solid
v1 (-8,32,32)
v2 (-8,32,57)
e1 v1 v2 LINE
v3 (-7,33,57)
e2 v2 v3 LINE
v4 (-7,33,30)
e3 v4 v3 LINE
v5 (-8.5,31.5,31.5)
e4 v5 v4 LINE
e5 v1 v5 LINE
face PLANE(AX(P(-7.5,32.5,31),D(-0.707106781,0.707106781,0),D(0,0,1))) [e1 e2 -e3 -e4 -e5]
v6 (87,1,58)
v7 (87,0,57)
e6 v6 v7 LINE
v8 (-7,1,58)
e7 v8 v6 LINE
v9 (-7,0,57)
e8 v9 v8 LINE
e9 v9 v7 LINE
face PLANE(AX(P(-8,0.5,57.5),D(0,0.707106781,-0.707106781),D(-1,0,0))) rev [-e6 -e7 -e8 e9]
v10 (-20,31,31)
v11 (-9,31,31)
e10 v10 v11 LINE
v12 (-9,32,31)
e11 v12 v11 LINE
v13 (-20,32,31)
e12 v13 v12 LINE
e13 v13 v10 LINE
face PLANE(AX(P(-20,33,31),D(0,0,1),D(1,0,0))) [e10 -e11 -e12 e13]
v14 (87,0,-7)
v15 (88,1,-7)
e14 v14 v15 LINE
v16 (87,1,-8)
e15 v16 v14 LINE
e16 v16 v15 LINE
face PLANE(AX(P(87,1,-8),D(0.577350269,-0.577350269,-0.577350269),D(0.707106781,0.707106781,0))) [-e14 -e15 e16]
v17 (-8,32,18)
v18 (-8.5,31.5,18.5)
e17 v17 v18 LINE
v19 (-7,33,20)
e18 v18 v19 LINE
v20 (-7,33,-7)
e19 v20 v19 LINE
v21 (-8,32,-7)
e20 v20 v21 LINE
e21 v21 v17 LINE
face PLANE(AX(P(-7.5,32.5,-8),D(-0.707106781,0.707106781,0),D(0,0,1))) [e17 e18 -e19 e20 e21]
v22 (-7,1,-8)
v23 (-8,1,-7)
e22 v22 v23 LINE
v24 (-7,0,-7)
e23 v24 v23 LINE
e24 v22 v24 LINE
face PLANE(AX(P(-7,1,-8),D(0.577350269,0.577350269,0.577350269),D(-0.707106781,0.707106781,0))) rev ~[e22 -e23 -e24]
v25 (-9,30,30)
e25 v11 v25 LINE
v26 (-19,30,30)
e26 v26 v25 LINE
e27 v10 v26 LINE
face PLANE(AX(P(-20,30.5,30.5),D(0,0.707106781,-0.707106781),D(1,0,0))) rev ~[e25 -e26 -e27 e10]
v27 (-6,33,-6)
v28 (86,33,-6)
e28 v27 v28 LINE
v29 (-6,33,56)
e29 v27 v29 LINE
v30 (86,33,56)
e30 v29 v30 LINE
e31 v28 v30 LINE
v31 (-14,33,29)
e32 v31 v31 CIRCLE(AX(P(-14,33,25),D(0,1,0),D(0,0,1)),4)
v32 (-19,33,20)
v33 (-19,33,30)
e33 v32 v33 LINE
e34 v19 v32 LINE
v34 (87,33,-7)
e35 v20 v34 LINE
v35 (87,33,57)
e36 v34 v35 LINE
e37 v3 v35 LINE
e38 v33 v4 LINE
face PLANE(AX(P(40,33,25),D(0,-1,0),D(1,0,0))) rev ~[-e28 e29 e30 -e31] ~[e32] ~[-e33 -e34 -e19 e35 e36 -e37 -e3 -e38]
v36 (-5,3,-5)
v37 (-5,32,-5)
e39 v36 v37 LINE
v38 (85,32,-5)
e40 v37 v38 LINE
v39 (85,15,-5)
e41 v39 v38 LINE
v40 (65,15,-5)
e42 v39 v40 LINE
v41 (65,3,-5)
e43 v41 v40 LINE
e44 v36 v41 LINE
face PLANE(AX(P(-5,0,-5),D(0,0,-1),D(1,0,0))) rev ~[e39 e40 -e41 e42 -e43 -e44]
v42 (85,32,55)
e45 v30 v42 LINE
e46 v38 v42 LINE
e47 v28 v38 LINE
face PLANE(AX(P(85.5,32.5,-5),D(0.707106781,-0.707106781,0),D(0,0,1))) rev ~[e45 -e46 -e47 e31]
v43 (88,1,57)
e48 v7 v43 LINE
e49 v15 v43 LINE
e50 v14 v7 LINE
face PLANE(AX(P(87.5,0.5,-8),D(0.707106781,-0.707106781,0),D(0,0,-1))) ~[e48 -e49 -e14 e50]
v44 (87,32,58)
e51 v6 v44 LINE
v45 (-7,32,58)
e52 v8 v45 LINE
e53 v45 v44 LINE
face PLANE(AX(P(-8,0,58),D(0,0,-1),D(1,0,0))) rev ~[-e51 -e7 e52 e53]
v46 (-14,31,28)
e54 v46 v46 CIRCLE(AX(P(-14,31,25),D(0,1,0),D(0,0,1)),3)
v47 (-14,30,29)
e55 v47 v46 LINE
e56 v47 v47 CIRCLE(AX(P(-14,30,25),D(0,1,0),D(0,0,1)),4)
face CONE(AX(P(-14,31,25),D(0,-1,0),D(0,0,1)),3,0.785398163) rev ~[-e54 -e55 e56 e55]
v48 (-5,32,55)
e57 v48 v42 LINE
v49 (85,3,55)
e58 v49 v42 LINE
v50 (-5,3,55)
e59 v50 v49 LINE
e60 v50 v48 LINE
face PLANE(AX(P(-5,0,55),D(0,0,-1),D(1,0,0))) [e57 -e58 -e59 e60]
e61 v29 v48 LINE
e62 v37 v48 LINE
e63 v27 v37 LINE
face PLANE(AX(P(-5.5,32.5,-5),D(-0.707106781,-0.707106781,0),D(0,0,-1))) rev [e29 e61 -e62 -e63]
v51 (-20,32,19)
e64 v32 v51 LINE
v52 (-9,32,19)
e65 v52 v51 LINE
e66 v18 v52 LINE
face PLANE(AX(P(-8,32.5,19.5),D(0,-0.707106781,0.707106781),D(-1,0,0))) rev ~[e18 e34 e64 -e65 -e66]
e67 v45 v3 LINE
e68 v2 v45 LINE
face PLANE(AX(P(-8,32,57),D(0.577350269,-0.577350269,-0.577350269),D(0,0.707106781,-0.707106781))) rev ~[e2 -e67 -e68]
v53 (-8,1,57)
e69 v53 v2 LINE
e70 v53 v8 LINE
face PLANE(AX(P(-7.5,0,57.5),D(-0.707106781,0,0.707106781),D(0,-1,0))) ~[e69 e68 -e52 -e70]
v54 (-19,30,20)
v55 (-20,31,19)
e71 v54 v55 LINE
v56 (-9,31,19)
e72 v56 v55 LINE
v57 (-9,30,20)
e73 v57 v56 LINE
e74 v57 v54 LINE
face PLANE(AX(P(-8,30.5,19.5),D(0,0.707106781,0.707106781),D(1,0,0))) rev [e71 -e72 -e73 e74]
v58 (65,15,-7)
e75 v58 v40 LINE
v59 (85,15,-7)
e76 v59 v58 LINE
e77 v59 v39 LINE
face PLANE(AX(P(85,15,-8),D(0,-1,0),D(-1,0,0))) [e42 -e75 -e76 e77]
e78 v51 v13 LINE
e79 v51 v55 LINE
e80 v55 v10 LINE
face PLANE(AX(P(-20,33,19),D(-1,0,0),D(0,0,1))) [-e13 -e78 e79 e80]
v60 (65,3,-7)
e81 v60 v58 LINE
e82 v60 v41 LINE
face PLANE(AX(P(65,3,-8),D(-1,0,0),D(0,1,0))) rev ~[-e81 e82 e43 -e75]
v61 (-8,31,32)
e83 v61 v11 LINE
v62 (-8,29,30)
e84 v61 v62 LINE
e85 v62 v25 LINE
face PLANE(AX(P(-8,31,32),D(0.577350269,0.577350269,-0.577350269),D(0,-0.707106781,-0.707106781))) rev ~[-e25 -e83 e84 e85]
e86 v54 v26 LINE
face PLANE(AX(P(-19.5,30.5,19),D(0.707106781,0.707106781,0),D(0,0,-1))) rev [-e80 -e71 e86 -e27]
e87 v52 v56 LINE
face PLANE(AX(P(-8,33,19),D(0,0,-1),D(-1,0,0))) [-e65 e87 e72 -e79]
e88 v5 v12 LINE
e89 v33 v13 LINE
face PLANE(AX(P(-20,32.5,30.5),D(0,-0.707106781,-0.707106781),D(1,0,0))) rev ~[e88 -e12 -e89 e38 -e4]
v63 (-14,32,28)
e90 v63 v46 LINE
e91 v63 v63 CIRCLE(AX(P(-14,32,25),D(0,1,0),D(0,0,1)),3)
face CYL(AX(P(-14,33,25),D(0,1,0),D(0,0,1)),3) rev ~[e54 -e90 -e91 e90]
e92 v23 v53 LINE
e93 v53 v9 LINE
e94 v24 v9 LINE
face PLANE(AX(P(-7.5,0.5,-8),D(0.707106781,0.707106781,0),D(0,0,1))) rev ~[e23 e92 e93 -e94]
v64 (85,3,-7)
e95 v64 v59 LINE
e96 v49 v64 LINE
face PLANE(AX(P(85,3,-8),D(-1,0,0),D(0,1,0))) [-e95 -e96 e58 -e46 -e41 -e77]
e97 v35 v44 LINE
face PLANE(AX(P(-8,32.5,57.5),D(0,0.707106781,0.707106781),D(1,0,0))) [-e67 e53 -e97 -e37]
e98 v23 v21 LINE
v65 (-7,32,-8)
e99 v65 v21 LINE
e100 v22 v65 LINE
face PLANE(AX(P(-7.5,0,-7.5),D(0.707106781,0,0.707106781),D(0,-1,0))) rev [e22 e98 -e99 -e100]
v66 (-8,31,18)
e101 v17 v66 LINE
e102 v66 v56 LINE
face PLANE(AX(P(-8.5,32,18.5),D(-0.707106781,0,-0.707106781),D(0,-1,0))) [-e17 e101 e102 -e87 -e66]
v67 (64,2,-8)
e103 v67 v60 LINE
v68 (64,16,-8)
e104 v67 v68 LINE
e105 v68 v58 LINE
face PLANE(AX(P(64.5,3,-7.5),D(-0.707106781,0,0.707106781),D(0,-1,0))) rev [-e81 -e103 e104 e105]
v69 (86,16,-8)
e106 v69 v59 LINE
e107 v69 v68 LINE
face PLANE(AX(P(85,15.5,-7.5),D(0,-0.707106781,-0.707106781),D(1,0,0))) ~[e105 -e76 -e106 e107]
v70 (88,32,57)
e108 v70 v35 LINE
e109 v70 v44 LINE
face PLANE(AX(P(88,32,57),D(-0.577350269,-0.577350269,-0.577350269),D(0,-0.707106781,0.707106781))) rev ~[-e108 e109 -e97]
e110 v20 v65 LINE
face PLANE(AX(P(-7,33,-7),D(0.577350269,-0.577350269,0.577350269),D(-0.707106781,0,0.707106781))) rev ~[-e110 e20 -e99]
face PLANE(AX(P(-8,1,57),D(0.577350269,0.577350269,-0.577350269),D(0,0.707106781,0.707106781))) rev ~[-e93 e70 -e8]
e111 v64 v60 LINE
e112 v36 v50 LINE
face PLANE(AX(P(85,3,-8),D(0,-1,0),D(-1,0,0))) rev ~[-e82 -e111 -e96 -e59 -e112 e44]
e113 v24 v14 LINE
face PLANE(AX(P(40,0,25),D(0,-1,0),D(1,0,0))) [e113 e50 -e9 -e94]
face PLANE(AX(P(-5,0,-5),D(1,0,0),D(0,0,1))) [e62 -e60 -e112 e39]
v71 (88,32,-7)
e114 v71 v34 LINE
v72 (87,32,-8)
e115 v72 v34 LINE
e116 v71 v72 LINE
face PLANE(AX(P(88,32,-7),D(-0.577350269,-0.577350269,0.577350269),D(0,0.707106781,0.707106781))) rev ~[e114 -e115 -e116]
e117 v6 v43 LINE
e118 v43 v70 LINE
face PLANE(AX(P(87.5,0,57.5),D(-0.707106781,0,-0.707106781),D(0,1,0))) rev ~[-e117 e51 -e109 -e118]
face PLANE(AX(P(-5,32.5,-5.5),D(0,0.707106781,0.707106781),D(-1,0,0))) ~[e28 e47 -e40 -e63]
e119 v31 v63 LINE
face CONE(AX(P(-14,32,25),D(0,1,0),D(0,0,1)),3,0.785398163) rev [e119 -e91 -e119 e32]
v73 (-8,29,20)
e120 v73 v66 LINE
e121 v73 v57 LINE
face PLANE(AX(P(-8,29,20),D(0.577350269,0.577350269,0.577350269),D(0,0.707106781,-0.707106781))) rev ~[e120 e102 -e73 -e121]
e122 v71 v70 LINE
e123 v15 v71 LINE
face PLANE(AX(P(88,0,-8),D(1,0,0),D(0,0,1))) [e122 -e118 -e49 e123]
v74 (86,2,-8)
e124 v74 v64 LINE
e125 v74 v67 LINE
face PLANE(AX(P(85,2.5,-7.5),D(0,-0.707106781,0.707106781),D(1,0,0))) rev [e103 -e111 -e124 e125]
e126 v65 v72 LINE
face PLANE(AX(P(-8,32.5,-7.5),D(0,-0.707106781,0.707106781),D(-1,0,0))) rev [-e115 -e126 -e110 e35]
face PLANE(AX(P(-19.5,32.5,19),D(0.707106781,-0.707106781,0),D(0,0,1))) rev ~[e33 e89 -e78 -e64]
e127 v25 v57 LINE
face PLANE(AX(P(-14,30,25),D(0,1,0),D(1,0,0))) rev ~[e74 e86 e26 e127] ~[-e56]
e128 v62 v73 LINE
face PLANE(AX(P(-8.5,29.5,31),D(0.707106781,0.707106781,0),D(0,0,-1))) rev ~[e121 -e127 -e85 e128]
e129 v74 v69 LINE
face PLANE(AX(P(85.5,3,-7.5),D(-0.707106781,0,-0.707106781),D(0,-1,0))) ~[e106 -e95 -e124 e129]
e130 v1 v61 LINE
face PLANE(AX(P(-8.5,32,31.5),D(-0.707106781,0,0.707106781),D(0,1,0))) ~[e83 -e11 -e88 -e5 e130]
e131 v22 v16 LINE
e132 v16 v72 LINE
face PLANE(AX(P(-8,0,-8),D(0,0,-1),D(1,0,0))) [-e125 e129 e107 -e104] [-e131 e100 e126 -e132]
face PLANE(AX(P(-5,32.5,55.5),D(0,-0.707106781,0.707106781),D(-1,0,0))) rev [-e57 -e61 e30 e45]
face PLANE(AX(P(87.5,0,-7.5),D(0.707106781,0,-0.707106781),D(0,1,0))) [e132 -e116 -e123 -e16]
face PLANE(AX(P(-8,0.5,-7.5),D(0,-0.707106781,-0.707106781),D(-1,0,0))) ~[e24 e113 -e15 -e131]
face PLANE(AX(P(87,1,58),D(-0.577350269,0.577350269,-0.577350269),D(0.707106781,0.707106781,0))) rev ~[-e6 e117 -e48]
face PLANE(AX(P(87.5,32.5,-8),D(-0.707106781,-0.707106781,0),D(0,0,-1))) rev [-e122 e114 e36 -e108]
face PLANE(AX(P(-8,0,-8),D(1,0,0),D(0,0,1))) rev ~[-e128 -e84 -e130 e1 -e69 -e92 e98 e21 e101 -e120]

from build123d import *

# Parameters (mm, degrees)
SKETCH_1_W          = 80
SKETCH_1_H          = 50
EXTRUDE_1_DEPTH     = 3
SKETCH_2_W          = 90
SKETCH_2_H          = 60
SKETCH_2_W_2        = 80
SKETCH_2_H_2        = 50
EXTRUDE_3_DEPTH     = 3
SKETCH_2_3_W        = 96
SKETCH_2_3_H        = 66
SKETCH_2_3_W_2      = 90
SKETCH_2_3_H_2      = 60
EXTRUDE_4_DEPTH     = 33
SKETCH_3_W          = 20
SKETCH_3_H          = 12
CUT_EXTRUDE_1_DEPTH = 10
SKETCH_4_R          = 3
EXTRUDE_5_DEPTH     = 3
CHAMFER_1_SIZE      = 1
CHAMFER_2_SIZE      = 1


with BuildPart() as part:
    # 草图1 → 凸台-拉伸1 (new body)
    with BuildSketch(Plane(origin=(0, 0, 0), x_dir=(1, 0, 0), z_dir=(0, 1, 0))):
        with Locations((40, -25)):
            Rectangle(SKETCH_1_W, SKETCH_1_H)
    extrude(amount=EXTRUDE_1_DEPTH)

    # 草图2 → 凸台-拉伸3 (add)
    with BuildSketch(Plane.XZ):
        with Locations((40, 25)):
            Rectangle(SKETCH_2_W, SKETCH_2_H)
        with Locations((40, 25)):
            Rectangle(SKETCH_2_W_2, SKETCH_2_H_2, mode=Mode.SUBTRACT)
    extrude(amount=-EXTRUDE_3_DEPTH)

    # 草图2<3> → 凸台-拉伸4 (add)
    with BuildSketch(Plane.XZ):
        with Locations((40, 25)):
            Rectangle(SKETCH_2_3_W, SKETCH_2_3_H)
        with Locations((40, 25)):
            Rectangle(SKETCH_2_3_W_2, SKETCH_2_3_H_2, mode=Mode.SUBTRACT)
    extrude(amount=-EXTRUDE_4_DEPTH)

    # 草图3 → 切除-拉伸1 (cut)
    with BuildSketch(Plane(origin=(0, 0, -8), x_dir=(-1, 0, 0), z_dir=(0, 0, -1))):
        with Locations((-75, 9)):
            Rectangle(SKETCH_3_W, SKETCH_3_H)
    extrude(amount=-CUT_EXTRUDE_1_DEPTH, mode=Mode.SUBTRACT)

    # 草图4 → 凸台-拉伸5 (add)
    with BuildSketch(Plane(origin=(0, 33, 0), x_dir=(1, 0, 0), z_dir=(0, 1, 0))):
        Polygon((-8, -25), (-8, -19), (-20, -19), (-20, -25), (-20, -31), (-8, -31), align=None)
        with Locations(Location((-14, -25, 0), (0, 0, 270))):
            Circle(SKETCH_4_R, mode=Mode.SUBTRACT)
    extrude(amount=-EXTRUDE_5_DEPTH)

    # 倒角1
    chamfer_1_edges = [part.edges().sort_by_distance(p)[0] for p in [
        (88, 0, 25),
        (40, 0, 58),
        (-8, 0, 25),
        (40, 0, -8),
        (40, 33, 58),
        (-8, 16.5, 58),
        (-8, 33, 44.5),
        (-8, 16.5, -8),
        (40, 33, -8),
        (88, 16.5, -8),
        (88, 33, 25),
        (88, 16.5, 58),
        (85, 33, 25),
        (40, 33, 55),
        (-5, 33, 25),
        (40, 33, -5),
        (85, 9, -8),
        (75, 3, -8),
        (65, 9, -8),
        (75, 15, -8),
        (-8, 33, 5.5),
        (-14, 33, 31),
        (-14, 33, 19),
        (-20, 33, 25),
        (-14, 33, 22),
    ]]
    chamfer(chamfer_1_edges, length=CHAMFER_1_SIZE)

    # 倒角2
    chamfer_2_edges = [part.edges().sort_by_distance(p)[0] for p in [
        (-14, 30, 31),
        (-8, 31, 31),
        (-20, 30, 25),
        (-14, 30, 19),
        (-8, 30, 25),
        (-8, 31, 19),
        (-14, 30, 22),
    ]]
    chamfer(chamfer_2_edges, length=CHAMFER_2_SIZE)


solid = part.part
